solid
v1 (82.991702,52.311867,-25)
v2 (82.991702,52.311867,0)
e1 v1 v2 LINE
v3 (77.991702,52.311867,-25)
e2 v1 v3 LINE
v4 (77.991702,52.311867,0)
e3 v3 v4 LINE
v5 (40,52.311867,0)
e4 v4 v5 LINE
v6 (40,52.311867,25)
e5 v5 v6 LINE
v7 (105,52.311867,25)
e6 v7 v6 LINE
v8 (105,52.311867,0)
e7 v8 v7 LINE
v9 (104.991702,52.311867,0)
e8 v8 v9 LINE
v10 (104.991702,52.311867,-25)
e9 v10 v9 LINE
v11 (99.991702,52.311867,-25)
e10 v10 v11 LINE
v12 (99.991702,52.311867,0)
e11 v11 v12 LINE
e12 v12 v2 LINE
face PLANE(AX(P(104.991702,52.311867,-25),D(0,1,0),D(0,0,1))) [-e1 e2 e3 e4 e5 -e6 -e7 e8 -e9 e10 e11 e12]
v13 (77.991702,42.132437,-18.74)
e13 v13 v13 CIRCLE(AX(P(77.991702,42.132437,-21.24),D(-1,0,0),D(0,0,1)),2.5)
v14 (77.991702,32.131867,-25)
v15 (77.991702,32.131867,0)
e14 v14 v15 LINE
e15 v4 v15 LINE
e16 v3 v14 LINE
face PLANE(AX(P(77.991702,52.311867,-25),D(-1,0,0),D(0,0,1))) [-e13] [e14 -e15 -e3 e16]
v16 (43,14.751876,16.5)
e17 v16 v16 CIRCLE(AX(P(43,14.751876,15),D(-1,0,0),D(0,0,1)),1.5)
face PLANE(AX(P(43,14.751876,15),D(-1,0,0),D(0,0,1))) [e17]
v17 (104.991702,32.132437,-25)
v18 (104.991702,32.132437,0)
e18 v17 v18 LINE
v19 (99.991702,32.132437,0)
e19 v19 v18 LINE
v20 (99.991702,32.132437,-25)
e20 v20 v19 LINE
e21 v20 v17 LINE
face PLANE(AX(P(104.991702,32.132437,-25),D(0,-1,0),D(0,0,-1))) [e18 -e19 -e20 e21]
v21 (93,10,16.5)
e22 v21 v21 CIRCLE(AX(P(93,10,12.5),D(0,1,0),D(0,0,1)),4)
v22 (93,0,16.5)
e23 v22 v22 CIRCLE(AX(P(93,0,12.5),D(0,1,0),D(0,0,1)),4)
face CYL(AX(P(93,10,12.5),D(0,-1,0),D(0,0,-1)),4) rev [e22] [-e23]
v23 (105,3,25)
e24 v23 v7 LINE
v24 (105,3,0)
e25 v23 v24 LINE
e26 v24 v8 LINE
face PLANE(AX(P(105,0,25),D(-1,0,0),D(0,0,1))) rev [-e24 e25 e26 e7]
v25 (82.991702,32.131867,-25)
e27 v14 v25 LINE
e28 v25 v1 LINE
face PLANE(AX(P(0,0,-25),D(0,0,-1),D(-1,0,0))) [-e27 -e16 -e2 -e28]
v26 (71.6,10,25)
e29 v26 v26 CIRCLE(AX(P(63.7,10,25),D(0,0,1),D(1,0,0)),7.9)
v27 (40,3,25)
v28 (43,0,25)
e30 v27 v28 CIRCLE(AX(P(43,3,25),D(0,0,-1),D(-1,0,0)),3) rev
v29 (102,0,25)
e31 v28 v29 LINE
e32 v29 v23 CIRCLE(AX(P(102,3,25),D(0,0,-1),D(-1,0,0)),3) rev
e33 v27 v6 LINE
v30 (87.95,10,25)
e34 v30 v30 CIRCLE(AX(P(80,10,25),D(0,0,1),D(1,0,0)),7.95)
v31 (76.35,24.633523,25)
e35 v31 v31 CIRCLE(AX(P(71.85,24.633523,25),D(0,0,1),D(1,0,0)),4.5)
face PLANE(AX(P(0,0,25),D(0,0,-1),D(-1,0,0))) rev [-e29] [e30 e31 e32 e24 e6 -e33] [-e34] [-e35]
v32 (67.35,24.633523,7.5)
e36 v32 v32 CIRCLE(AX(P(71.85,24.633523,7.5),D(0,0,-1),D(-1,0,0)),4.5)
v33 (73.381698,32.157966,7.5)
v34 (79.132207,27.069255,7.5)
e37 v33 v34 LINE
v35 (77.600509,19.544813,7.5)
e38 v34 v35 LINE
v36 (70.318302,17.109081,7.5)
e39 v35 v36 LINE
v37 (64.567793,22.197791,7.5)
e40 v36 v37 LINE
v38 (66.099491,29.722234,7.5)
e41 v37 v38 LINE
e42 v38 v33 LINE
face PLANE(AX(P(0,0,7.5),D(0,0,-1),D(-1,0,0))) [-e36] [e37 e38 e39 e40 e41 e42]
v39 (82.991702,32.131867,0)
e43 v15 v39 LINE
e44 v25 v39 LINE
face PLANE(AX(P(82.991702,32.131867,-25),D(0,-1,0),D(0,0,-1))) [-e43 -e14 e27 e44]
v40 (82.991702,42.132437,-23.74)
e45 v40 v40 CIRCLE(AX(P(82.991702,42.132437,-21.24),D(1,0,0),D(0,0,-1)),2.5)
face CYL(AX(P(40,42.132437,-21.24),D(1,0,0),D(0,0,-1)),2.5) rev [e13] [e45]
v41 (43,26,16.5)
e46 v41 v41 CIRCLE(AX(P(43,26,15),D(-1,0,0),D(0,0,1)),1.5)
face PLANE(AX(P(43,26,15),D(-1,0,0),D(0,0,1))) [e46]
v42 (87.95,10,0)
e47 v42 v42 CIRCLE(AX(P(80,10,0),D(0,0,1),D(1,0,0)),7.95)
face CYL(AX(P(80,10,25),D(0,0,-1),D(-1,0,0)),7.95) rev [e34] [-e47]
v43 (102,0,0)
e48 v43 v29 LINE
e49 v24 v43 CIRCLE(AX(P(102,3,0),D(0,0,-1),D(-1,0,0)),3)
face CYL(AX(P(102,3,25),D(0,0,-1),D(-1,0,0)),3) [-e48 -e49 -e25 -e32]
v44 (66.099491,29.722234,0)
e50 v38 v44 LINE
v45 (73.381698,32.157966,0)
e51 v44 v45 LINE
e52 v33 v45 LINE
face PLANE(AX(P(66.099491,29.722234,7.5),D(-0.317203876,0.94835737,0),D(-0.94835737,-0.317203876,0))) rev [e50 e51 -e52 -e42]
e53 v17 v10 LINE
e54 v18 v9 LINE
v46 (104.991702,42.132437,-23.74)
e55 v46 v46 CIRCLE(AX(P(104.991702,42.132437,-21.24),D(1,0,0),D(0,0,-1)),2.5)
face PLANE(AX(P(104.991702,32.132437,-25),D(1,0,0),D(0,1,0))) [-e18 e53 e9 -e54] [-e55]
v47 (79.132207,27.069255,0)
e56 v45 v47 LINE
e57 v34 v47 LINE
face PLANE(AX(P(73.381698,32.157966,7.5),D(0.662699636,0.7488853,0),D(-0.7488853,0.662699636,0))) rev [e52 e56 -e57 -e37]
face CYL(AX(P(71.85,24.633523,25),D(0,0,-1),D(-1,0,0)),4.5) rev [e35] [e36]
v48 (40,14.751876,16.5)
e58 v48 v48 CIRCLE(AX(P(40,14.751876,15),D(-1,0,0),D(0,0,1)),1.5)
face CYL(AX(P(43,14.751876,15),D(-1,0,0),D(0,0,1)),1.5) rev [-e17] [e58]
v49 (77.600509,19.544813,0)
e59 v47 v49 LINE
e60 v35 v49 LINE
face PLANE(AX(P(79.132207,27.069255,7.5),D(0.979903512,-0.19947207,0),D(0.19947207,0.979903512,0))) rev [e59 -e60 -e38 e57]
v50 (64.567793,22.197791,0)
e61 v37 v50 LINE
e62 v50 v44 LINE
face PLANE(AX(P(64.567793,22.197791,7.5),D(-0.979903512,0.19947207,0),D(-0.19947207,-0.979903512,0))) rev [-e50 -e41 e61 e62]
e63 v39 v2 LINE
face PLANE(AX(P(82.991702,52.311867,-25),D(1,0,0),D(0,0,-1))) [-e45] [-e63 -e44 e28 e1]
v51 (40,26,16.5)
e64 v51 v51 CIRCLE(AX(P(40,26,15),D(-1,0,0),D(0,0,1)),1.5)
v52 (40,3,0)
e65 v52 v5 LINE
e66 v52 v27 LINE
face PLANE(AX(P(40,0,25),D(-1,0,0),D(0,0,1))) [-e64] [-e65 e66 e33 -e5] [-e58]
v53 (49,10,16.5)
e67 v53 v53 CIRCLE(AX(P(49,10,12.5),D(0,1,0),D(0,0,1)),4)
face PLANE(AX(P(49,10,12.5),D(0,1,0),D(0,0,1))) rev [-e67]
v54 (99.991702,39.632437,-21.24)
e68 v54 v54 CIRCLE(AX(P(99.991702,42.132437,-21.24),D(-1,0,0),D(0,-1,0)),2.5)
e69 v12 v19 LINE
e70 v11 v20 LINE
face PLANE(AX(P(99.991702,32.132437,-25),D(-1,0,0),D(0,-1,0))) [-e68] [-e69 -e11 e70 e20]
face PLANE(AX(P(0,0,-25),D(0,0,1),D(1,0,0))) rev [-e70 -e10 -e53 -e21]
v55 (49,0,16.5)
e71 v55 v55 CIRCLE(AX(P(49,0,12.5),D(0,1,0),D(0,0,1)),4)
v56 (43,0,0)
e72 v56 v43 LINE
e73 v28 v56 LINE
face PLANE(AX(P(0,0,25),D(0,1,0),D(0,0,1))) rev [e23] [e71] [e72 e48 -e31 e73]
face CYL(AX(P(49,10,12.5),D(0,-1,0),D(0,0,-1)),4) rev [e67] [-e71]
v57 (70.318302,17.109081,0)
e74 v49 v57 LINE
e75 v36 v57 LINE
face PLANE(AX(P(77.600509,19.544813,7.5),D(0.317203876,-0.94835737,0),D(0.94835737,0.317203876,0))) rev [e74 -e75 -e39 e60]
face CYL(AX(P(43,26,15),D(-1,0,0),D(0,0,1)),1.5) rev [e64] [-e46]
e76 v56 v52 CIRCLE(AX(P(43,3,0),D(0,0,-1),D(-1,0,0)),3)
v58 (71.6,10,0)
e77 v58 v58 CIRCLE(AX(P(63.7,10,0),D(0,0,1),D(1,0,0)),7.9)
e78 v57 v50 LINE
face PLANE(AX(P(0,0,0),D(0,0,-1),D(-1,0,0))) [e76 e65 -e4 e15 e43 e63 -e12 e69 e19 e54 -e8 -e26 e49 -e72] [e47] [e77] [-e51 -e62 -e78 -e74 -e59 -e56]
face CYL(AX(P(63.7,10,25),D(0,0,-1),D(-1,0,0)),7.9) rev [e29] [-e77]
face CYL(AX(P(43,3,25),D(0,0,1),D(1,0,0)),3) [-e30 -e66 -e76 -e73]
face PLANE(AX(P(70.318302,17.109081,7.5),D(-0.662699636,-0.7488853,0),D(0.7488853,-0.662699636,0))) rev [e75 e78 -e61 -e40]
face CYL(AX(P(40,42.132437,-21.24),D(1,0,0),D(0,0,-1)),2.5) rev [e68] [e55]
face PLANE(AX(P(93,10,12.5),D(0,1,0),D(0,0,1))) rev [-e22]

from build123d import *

# Parameters (mm, degrees)
ESQUISSE1_W              = 105
ESQUISSE1_H              = 80
BOSS_EXTRU_1_DEPTH       = 25
ESQUISSE2_R              = 7.9
ESQUISSE2_R_2            = 7.95
ESQUISSE2_R_3            = 4.5
ENL_V_MAT_EXTRU_1_DEPTH  = 135.350288425
ESQUISSE3_R              = 4
ENL_V_MAT_EXTRU_3_DEPTH  = 10
ESQUISSE6_W              = 40
ESQUISSE6_H              = 80
ENL_V_MAT_EXTRU_6_DEPTH  = 135.350288425
ESQUISSE7_W              = 65
ESQUISSE7_H              = 2.68813313
ENL_V_MAT_EXTRU_7_DEPTH  = 135.350288425
CONG_1_R                 = 3
ESQUISSE9_W              = 5
ESQUISSE9_H              = 20.179429856
ESQUISSE9_H_2            = 20.18
BOSS_EXTRU_2_DEPTH       = 25
ESQUISSE10_R             = 2.5
ENL_V_MAT_EXTRU_8_DEPTH  = 105.048287139
ENL_V_MAT_EXTRU_9_DEPTH  = 7.5
ENL_V_MAT_EXTRU_11_DEPTH = 133.767182537
ESQUISSE13_R             = 1.5
ENL_V_MAT_EXTRU_12_DEPTH = 3


with BuildPart() as part:
    # Esquisse1 → Boss.-Extru.1 (new body)
    with BuildSketch(Plane.XY):
        with Locations((52.5, 40)):
            Rectangle(ESQUISSE1_W, ESQUISSE1_H)
    extrude(amount=BOSS_EXTRU_1_DEPTH)

    # Esquisse2 → Enlèv. mat.-Extru.1 (cut, through all)
    with BuildSketch(Plane.XY):
        with Locations((63.7, 10)):
            Circle(ESQUISSE2_R)
        with Locations((80, 10)):
            Circle(ESQUISSE2_R_2)
        with Locations((71.85, 24.633523157)):
            Circle(ESQUISSE2_R_3)
    extrude(amount=ENL_V_MAT_EXTRU_1_DEPTH, mode=Mode.SUBTRACT)

    # Esquisse3 → Enlèv. mat.-Extru.3 (cut)
    with BuildSketch(Plane(origin=(0, 0, 0), x_dir=(1, 0, 0), z_dir=(0, 1, 0))):
        with Locations(Location((49, -12.5, 0), (0, 0, 270))):
            Circle(ESQUISSE3_R)
        with Locations(Location((93, -12.5, 0), (0, 0, 270))):
            Circle(ESQUISSE3_R)
    extrude(amount=ENL_V_MAT_EXTRU_3_DEPTH, mode=Mode.SUBTRACT)

    # Esquisse6 → Enlèv. mat.-Extru.6 (cut, through all)
    with BuildSketch(Plane.XY):
        with Locations((20, 40)):
            Rectangle(ESQUISSE6_W, ESQUISSE6_H)
    extrude(amount=ENL_V_MAT_EXTRU_6_DEPTH, mode=Mode.SUBTRACT)

    # Esquisse7 → Enlèv. mat.-Extru.7 (cut, through all)
    with BuildSketch(Plane.XY):
        with Locations((72.5, 78.655933435)):
            Rectangle(ESQUISSE7_W, ESQUISSE7_H)
    extrude(amount=ENL_V_MAT_EXTRU_7_DEPTH, mode=Mode.SUBTRACT)

    # Congé1
    cong_1_edges = [part.edges().sort_by_distance(p)[0] for p in [
        (40, 0, 12.5),
        (105, 77.31186687, 12.5),
        (40, 77.31186687, 12.5),
        (105, 0, 12.5),
    ]]
    fillet(cong_1_edges, radius=CONG_1_R)

    # Esquisse9 → Boss.-Extru.2 (add)
    with BuildSketch(Plane.XY):
        with Locations((102.49170176, 42.222151942)):
            Rectangle(ESQUISSE9_W, ESQUISSE9_H)
        with Locations((80.49170176, 42.22186687)):
            Rectangle(ESQUISSE9_W, ESQUISSE9_H_2)
    extrude(amount=-BOSS_EXTRU_2_DEPTH)

    # Esquisse10 → Enlèv. mat.-Extru.8 (cut, through all)
    with BuildSketch(Plane(origin=(104.99170176, 0, 0), x_dir=(0, 0, -1), z_dir=(1, 0, 0))):
        with Locations((21.24, 42.132437014)):
            Circle(ESQUISSE10_R)
    extrude(amount=-ENL_V_MAT_EXTRU_8_DEPTH, mode=Mode.SUBTRACT)

    # Esquisse11 → Enlèv. mat.-Extru.9 (cut)
    with BuildSketch(Plane(origin=(0, 0, 0), x_dir=(-1, 0, 0), z_dir=(0, 0, -1))):
        Polygon((-73.38169787, 32.15796566), (-79.132207291, 27.069255143), (-77.600509422, 19.54481264), (-70.31830213, 17.109080655), (-64.567792709, 22.197791172), (-66.099490578, 29.722233675), align=None)
    extrude(amount=-ENL_V_MAT_EXTRU_9_DEPTH, mode=Mode.SUBTRACT)

    # Esquisse12 → Enlèv. mat.-Extru.11 (cut, through all)
    with BuildSketch(Plane(origin=(0, 0, 0), x_dir=(-1, 0, 0), z_dir=(0, 0, -1))):
        Polygon((-105.676011247, 77.330619324), (-105.676011247, 52.31186687), (-104.99170176, 52.31186687), (-39.98533212, 52.31186687), (-39.98533212, 77.330619324), (-104.99170176, 77.330619324), align=None)
    extrude(amount=-ENL_V_MAT_EXTRU_11_DEPTH, mode=Mode.SUBTRACT)

    # Esquisse13 → Enlèv. mat.-Extru.12 (cut)
    with BuildSketch(Plane.ZY.offset(-40)):
        with Locations((15, 14.75187619)):
            Circle(ESQUISSE13_R)
        with Locations((15, 26)):
            Circle(ESQUISSE13_R)
    extrude(amount=-ENL_V_MAT_EXTRU_12_DEPTH, mode=Mode.SUBTRACT)


solid = part.part
